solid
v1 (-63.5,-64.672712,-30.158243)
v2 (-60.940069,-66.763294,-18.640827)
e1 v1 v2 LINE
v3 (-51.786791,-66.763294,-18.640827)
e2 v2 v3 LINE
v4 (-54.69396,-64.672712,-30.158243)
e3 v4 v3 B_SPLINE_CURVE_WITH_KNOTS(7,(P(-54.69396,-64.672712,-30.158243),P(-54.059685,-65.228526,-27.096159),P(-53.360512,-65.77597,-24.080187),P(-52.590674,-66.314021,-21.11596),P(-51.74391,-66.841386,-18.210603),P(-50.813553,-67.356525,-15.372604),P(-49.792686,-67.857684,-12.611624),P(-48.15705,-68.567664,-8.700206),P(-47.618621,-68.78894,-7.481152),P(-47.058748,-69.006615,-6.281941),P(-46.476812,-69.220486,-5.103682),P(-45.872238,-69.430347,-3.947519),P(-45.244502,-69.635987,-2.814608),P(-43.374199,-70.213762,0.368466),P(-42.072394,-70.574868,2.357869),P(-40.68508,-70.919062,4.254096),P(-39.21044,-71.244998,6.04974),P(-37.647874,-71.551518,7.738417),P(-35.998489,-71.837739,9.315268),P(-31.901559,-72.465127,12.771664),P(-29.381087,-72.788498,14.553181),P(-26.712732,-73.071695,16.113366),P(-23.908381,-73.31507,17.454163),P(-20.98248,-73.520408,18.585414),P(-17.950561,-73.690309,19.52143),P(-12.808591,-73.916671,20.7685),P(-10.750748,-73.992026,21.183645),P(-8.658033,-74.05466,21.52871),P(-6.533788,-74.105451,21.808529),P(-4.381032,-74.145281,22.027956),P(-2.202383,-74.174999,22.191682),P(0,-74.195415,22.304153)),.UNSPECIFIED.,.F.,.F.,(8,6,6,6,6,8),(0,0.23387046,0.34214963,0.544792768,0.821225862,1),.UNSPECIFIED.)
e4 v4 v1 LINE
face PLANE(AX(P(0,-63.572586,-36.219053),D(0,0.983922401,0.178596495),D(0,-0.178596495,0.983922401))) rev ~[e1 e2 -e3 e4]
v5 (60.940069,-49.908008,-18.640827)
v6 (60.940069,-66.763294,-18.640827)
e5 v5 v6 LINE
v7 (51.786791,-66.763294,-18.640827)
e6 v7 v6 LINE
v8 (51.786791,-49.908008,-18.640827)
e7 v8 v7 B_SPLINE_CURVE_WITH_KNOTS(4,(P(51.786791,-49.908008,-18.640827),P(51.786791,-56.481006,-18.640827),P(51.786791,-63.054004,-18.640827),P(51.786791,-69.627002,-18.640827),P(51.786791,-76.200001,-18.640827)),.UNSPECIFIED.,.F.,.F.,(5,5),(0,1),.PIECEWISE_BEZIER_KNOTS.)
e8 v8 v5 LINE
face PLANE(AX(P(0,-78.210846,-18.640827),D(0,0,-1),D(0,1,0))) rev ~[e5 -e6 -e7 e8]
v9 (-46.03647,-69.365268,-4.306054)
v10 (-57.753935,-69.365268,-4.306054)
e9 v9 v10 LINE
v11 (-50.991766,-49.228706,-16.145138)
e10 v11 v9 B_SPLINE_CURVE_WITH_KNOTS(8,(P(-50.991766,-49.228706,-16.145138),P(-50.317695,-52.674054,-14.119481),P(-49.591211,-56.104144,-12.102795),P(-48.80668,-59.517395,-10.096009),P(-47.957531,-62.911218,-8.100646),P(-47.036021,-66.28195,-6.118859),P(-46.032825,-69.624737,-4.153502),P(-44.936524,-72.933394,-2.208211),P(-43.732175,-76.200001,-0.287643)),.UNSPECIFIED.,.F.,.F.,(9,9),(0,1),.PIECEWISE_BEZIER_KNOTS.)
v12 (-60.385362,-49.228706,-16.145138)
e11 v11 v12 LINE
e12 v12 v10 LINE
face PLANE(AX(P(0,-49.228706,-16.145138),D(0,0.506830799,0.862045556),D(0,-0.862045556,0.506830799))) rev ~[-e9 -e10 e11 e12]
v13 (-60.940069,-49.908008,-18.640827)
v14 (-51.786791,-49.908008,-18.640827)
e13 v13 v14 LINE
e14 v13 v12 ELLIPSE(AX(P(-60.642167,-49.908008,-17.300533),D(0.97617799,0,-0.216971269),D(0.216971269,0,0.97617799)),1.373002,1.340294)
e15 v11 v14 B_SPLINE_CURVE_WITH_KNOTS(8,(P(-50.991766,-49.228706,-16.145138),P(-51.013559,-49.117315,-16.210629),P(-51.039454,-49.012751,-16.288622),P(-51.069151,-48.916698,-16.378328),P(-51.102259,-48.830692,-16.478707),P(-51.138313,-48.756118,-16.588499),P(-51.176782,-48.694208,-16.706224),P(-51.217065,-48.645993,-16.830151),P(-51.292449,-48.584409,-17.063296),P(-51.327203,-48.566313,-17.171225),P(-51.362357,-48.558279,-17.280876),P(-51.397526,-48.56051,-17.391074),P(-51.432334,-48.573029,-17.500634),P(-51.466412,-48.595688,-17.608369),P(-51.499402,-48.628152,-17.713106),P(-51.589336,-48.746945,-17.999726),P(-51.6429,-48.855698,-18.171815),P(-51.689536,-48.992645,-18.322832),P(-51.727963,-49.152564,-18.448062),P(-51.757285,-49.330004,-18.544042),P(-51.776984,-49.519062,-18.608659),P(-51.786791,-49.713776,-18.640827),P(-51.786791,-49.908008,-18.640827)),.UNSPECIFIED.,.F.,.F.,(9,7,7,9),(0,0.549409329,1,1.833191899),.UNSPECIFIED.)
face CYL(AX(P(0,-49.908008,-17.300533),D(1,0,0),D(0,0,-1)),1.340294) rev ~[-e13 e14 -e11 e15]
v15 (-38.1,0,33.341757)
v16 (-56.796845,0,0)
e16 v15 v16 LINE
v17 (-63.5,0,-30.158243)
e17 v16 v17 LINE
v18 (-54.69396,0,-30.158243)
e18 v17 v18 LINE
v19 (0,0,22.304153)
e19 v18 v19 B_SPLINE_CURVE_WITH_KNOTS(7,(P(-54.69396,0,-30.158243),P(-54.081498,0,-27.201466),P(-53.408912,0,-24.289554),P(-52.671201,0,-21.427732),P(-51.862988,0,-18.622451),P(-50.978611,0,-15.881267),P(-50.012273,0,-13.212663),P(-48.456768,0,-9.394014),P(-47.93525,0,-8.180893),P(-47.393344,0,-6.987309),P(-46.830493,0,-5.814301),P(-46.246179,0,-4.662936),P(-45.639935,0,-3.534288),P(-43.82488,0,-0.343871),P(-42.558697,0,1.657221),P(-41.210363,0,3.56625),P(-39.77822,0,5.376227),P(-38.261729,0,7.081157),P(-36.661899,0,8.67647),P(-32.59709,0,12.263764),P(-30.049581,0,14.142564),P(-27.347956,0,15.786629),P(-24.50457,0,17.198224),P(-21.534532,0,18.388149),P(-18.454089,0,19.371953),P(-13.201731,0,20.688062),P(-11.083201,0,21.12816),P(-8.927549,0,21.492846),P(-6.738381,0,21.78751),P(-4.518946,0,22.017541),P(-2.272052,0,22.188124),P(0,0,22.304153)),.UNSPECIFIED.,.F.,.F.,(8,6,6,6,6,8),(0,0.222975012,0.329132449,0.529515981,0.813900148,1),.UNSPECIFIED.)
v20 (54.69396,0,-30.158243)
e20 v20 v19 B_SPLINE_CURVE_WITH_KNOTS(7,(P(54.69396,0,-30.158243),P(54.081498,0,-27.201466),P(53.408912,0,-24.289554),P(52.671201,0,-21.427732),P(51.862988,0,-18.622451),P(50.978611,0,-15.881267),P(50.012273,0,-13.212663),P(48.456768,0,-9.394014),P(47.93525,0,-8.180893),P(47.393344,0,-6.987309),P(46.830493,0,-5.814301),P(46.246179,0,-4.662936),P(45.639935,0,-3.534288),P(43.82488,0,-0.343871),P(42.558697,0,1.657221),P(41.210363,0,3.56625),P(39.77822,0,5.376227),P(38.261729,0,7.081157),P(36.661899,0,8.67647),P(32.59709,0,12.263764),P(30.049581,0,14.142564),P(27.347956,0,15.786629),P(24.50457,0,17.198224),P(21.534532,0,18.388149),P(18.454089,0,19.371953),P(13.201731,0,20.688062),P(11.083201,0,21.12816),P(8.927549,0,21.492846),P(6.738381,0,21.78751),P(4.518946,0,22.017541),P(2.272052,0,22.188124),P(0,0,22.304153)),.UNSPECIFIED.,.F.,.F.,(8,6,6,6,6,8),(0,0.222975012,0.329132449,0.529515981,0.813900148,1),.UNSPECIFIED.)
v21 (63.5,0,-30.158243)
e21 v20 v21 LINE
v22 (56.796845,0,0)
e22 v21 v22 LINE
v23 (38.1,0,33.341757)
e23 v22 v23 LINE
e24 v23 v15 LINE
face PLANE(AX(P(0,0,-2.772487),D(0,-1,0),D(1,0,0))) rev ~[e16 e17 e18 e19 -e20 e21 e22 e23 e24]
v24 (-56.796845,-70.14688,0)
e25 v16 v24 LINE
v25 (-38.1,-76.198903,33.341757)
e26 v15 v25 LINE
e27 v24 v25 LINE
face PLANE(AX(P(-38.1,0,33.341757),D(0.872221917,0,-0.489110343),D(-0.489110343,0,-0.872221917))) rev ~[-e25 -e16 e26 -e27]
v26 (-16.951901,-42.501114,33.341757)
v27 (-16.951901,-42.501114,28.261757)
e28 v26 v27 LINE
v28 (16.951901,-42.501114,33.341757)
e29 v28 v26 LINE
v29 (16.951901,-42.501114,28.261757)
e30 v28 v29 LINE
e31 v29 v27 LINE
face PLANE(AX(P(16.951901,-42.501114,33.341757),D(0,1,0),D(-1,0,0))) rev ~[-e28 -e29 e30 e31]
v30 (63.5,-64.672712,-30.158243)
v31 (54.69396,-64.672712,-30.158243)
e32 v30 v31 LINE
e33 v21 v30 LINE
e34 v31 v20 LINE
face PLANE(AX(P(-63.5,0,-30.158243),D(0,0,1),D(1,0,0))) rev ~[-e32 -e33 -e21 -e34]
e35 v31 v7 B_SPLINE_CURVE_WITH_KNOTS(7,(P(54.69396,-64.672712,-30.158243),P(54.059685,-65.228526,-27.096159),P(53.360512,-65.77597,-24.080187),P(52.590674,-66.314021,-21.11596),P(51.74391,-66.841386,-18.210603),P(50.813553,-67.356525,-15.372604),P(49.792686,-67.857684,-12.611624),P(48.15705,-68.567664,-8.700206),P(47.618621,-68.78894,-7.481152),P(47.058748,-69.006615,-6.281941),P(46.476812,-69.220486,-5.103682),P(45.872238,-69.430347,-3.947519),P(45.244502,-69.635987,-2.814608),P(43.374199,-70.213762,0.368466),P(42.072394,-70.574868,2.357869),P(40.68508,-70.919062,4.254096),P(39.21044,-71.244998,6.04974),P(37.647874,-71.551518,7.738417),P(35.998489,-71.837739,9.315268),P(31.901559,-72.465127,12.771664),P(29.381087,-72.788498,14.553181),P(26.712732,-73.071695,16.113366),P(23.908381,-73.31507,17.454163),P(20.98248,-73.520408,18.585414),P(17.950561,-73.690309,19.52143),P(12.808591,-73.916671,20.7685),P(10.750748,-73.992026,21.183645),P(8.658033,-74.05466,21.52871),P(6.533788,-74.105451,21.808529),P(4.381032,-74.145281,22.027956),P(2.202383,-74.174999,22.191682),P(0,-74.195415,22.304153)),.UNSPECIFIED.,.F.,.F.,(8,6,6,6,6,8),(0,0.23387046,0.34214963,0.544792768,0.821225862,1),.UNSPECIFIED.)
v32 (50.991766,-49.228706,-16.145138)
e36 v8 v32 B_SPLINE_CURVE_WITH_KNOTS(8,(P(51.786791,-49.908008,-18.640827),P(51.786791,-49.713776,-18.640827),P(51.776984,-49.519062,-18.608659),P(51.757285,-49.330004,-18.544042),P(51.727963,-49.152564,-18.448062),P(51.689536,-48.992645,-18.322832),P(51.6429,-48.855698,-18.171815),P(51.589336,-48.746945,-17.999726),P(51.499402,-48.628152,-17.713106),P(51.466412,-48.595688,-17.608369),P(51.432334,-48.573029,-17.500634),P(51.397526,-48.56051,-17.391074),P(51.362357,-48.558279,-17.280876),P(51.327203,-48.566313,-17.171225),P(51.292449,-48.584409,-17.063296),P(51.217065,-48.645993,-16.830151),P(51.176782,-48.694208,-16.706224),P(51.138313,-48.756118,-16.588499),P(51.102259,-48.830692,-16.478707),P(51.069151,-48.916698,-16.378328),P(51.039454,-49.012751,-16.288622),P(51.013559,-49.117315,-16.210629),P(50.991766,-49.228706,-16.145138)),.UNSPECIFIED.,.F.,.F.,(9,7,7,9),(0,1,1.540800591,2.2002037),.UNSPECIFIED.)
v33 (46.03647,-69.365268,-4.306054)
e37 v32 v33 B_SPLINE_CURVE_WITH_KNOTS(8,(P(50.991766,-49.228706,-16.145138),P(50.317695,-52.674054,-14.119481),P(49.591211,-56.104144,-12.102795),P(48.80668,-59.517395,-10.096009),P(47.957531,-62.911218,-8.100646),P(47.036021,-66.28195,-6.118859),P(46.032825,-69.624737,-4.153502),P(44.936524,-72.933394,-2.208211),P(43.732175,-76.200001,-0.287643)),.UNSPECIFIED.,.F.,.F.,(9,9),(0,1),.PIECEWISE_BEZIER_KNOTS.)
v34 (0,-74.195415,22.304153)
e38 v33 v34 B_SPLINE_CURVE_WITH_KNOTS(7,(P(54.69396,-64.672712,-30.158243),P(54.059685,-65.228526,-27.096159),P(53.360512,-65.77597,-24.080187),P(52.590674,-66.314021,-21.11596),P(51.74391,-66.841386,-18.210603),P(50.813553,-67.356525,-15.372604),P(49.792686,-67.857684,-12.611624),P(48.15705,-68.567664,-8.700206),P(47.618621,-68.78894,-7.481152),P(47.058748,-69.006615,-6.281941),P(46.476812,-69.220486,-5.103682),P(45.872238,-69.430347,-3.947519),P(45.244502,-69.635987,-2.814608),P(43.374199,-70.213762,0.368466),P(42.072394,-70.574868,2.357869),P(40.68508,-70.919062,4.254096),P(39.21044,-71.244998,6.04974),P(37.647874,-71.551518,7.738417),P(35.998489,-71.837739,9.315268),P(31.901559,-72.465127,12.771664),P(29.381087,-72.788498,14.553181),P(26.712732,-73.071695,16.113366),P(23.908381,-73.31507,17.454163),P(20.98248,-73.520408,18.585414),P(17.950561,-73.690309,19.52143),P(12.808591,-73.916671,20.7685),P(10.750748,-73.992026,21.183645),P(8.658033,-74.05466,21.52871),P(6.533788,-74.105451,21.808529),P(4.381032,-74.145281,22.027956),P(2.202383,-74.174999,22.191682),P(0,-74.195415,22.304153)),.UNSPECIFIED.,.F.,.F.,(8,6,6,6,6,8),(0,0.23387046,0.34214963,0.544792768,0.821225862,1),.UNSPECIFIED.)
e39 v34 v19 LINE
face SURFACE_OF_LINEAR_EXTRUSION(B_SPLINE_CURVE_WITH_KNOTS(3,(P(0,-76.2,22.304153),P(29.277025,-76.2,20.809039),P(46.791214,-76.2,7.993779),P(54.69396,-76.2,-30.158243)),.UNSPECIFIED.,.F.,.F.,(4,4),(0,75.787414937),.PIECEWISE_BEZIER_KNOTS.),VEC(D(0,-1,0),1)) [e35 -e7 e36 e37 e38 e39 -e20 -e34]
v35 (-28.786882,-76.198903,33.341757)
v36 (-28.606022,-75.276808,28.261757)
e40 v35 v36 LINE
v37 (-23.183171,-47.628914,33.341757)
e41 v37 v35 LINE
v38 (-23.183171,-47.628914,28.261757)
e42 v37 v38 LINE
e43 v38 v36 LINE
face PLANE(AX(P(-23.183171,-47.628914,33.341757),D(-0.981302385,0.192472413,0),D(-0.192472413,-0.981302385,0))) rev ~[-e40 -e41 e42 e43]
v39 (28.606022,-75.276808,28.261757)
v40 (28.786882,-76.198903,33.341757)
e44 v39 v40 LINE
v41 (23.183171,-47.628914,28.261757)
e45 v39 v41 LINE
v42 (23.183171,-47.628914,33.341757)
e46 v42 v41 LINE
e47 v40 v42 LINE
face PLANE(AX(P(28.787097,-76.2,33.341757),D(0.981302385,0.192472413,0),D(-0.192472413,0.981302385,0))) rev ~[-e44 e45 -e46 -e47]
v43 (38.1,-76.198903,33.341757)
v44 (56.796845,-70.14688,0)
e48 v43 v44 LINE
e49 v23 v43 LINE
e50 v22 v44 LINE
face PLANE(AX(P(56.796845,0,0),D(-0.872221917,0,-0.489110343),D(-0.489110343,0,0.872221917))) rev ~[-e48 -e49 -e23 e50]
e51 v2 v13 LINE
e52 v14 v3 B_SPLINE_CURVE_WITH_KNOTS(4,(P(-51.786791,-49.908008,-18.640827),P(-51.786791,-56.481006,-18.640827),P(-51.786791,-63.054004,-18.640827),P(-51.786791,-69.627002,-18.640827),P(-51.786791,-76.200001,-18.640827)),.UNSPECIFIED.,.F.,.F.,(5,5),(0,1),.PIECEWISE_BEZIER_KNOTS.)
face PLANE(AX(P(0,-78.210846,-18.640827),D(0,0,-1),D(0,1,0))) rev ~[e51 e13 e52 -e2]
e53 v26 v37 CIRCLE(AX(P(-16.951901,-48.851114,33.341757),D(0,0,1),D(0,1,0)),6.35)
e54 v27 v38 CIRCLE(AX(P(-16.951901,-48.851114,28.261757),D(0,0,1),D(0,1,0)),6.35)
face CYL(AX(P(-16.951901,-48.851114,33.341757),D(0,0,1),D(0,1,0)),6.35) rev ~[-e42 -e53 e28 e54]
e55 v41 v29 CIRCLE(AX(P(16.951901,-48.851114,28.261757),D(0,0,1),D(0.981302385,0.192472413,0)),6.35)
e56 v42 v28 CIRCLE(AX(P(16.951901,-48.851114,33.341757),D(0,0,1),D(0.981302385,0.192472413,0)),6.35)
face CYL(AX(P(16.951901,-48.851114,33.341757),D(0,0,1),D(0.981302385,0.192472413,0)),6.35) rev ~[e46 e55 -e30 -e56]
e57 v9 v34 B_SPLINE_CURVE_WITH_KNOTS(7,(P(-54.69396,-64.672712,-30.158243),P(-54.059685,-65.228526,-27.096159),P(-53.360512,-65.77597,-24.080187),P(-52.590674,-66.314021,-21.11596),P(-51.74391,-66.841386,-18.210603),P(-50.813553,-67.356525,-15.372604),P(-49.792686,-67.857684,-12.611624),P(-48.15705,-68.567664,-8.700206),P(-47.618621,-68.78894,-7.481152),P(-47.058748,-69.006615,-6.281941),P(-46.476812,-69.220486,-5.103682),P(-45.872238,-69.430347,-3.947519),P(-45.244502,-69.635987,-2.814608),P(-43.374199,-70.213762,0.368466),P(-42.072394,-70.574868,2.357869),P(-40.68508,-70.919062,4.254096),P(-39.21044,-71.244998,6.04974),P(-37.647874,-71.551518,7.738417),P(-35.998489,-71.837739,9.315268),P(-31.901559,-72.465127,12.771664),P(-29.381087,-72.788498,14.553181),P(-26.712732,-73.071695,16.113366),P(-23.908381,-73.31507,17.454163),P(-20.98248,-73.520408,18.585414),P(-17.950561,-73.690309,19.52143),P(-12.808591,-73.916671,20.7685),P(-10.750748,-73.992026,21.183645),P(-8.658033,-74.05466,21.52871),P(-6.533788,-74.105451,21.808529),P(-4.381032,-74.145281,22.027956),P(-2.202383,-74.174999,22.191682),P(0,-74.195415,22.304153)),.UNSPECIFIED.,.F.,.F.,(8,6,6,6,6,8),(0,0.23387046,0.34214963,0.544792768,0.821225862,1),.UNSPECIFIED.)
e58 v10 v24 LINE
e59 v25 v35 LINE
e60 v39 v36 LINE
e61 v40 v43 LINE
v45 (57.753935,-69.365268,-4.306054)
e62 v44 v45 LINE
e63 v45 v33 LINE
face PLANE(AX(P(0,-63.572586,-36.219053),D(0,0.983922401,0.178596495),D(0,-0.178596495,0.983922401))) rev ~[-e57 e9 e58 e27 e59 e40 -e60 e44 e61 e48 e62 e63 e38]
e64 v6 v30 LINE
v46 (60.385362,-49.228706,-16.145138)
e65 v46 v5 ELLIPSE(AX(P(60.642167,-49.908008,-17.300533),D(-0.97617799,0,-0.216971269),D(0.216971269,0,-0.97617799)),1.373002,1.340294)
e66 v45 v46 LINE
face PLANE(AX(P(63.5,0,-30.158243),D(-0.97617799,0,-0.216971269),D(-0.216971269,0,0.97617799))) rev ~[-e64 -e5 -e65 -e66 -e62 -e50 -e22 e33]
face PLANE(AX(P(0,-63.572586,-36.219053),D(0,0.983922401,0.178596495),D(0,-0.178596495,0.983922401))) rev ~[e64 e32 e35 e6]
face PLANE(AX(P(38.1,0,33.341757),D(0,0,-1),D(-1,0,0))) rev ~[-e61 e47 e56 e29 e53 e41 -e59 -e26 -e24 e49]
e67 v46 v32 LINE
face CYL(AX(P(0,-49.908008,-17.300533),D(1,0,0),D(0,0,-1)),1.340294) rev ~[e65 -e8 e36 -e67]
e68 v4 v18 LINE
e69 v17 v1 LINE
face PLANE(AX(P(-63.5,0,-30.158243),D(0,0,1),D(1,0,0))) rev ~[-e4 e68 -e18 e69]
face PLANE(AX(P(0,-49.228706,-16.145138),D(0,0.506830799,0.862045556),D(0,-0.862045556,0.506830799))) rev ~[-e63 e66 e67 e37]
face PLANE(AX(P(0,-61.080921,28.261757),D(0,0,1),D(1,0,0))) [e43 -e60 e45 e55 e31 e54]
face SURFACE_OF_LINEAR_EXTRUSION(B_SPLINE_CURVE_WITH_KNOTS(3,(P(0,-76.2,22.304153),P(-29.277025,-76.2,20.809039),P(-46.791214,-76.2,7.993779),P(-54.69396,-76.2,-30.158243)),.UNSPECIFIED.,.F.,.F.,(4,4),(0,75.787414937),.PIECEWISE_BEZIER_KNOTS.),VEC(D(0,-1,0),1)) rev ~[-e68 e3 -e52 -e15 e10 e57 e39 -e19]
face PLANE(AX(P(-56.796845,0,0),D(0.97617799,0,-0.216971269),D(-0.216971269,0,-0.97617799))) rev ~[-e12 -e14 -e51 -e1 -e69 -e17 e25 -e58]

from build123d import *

# Parameters (mm, degrees)
F1_DEPTH = 76.2
F3_DEPTH = 115.062
F5_DEPTH = 5.08
F7_DEPTH = 101.6
F9_DEPTH = 101.6


with BuildPart() as f1:
    # F0 (on Front) → F1 (new body)
    with BuildSketch(Plane.XZ):
        Polygon((38.1, 33.34175663), (0, 33.34175663), (-38.1, 33.34175663), (-56.7968450487, 0), (-63.5, -30.15824337), (0, -30.15824337), (63.5, -30.15824337), (56.7968450487, 0), align=None)
    extrude(amount=F1_DEPTH)

    # F2 (on face) → F3 (cut)
    with BuildSketch(Plane.XZ.offset(76.2)):
        with BuildLine():
            add(Edge.make_bspline(
                [(0, 22.3041530699), (29.2770247906, 20.8090394735), (46.7912144959, 7.9937791452), (54.6939596534, -30.15824337)],
                knots=[0, 0, 0, 0, 75.7874149366, 75.7874149366, 75.7874149366, 75.7874149366], degree=3))
            add(Edge.make_bspline(
                [(0, 22.3041530699), (-29.2770247906, 20.8090394735), (-46.7912144959, 7.9937791452), (-54.6939596534, -30.15824337)],
                knots=[0, 0, 0, 0, 75.7874149366, 75.7874149366, 75.7874149366, 75.7874149366], degree=3))
            Line((-54.6939596534, -30.15824337), (54.6939596534, -30.15824337))
        make_face()
    extrude(amount=-F3_DEPTH, mode=Mode.SUBTRACT)

    # F4 (on face) → F5 (cut)
    with BuildSketch(Plane.XY.offset(33.34175663)):
        with BuildLine():
            Line((-23.1831711448, -47.6289144868), (-28.7870969623, -76.2))
            Line((-28.7870969623, -76.2), (28.7870969623, -76.2))
            Line((28.7870969623, -76.2), (23.1831711448, -47.6289144868))
            ThreePointArc((23.1831711448, -47.6289144868), (20.9868440702, -43.9478771705), (16.9519010018, -42.5011143088))
            Line((16.9519010018, -42.5011143088), (0, -42.5011143088))
            Line((0, -42.5011143088), (-16.9519010018, -42.5011143088))
            ThreePointArc((-16.9519010018, -42.5011143088), (-20.9868440702, -43.9478771705), (-23.1831711448, -47.6289144868))
        make_face()
    extrude(amount=-F5_DEPTH, mode=Mode.SUBTRACT)

    # F6 (on Right) → F7 (cut, symmetric)
    with BuildSketch(Plane.YZ):
        with BuildLine():
            Line((-80.7253196836, 2.3729712702), (-78.2108455896, -18.6408273876))
            Line((-78.2108455896, -18.6408273876), (-49.9080079385, -18.6408273876))
            ThreePointArc((-49.9080079385, -18.6408273876), (-48.6147643972, -17.6525414948), (-49.2287055162, -16.1451383751))
            Line((-49.2287055162, -16.1451383751), (-80.7253196836, 2.3729712702))
        make_face()
    extrude(amount=F7_DEPTH, both=True, mode=Mode.SUBTRACT)

    # F8 (on Right) → F9 (cut, symmetric)
    with BuildSketch(Plane.YZ):
        Polygon((-85.8533158898, -35.2425277233), (-63.5725855827, -36.2190529704), (-76.2457847595, 33.6000360548), align=None)
    extrude(amount=F9_DEPTH, both=True, mode=Mode.SUBTRACT)


solid = f1.part
